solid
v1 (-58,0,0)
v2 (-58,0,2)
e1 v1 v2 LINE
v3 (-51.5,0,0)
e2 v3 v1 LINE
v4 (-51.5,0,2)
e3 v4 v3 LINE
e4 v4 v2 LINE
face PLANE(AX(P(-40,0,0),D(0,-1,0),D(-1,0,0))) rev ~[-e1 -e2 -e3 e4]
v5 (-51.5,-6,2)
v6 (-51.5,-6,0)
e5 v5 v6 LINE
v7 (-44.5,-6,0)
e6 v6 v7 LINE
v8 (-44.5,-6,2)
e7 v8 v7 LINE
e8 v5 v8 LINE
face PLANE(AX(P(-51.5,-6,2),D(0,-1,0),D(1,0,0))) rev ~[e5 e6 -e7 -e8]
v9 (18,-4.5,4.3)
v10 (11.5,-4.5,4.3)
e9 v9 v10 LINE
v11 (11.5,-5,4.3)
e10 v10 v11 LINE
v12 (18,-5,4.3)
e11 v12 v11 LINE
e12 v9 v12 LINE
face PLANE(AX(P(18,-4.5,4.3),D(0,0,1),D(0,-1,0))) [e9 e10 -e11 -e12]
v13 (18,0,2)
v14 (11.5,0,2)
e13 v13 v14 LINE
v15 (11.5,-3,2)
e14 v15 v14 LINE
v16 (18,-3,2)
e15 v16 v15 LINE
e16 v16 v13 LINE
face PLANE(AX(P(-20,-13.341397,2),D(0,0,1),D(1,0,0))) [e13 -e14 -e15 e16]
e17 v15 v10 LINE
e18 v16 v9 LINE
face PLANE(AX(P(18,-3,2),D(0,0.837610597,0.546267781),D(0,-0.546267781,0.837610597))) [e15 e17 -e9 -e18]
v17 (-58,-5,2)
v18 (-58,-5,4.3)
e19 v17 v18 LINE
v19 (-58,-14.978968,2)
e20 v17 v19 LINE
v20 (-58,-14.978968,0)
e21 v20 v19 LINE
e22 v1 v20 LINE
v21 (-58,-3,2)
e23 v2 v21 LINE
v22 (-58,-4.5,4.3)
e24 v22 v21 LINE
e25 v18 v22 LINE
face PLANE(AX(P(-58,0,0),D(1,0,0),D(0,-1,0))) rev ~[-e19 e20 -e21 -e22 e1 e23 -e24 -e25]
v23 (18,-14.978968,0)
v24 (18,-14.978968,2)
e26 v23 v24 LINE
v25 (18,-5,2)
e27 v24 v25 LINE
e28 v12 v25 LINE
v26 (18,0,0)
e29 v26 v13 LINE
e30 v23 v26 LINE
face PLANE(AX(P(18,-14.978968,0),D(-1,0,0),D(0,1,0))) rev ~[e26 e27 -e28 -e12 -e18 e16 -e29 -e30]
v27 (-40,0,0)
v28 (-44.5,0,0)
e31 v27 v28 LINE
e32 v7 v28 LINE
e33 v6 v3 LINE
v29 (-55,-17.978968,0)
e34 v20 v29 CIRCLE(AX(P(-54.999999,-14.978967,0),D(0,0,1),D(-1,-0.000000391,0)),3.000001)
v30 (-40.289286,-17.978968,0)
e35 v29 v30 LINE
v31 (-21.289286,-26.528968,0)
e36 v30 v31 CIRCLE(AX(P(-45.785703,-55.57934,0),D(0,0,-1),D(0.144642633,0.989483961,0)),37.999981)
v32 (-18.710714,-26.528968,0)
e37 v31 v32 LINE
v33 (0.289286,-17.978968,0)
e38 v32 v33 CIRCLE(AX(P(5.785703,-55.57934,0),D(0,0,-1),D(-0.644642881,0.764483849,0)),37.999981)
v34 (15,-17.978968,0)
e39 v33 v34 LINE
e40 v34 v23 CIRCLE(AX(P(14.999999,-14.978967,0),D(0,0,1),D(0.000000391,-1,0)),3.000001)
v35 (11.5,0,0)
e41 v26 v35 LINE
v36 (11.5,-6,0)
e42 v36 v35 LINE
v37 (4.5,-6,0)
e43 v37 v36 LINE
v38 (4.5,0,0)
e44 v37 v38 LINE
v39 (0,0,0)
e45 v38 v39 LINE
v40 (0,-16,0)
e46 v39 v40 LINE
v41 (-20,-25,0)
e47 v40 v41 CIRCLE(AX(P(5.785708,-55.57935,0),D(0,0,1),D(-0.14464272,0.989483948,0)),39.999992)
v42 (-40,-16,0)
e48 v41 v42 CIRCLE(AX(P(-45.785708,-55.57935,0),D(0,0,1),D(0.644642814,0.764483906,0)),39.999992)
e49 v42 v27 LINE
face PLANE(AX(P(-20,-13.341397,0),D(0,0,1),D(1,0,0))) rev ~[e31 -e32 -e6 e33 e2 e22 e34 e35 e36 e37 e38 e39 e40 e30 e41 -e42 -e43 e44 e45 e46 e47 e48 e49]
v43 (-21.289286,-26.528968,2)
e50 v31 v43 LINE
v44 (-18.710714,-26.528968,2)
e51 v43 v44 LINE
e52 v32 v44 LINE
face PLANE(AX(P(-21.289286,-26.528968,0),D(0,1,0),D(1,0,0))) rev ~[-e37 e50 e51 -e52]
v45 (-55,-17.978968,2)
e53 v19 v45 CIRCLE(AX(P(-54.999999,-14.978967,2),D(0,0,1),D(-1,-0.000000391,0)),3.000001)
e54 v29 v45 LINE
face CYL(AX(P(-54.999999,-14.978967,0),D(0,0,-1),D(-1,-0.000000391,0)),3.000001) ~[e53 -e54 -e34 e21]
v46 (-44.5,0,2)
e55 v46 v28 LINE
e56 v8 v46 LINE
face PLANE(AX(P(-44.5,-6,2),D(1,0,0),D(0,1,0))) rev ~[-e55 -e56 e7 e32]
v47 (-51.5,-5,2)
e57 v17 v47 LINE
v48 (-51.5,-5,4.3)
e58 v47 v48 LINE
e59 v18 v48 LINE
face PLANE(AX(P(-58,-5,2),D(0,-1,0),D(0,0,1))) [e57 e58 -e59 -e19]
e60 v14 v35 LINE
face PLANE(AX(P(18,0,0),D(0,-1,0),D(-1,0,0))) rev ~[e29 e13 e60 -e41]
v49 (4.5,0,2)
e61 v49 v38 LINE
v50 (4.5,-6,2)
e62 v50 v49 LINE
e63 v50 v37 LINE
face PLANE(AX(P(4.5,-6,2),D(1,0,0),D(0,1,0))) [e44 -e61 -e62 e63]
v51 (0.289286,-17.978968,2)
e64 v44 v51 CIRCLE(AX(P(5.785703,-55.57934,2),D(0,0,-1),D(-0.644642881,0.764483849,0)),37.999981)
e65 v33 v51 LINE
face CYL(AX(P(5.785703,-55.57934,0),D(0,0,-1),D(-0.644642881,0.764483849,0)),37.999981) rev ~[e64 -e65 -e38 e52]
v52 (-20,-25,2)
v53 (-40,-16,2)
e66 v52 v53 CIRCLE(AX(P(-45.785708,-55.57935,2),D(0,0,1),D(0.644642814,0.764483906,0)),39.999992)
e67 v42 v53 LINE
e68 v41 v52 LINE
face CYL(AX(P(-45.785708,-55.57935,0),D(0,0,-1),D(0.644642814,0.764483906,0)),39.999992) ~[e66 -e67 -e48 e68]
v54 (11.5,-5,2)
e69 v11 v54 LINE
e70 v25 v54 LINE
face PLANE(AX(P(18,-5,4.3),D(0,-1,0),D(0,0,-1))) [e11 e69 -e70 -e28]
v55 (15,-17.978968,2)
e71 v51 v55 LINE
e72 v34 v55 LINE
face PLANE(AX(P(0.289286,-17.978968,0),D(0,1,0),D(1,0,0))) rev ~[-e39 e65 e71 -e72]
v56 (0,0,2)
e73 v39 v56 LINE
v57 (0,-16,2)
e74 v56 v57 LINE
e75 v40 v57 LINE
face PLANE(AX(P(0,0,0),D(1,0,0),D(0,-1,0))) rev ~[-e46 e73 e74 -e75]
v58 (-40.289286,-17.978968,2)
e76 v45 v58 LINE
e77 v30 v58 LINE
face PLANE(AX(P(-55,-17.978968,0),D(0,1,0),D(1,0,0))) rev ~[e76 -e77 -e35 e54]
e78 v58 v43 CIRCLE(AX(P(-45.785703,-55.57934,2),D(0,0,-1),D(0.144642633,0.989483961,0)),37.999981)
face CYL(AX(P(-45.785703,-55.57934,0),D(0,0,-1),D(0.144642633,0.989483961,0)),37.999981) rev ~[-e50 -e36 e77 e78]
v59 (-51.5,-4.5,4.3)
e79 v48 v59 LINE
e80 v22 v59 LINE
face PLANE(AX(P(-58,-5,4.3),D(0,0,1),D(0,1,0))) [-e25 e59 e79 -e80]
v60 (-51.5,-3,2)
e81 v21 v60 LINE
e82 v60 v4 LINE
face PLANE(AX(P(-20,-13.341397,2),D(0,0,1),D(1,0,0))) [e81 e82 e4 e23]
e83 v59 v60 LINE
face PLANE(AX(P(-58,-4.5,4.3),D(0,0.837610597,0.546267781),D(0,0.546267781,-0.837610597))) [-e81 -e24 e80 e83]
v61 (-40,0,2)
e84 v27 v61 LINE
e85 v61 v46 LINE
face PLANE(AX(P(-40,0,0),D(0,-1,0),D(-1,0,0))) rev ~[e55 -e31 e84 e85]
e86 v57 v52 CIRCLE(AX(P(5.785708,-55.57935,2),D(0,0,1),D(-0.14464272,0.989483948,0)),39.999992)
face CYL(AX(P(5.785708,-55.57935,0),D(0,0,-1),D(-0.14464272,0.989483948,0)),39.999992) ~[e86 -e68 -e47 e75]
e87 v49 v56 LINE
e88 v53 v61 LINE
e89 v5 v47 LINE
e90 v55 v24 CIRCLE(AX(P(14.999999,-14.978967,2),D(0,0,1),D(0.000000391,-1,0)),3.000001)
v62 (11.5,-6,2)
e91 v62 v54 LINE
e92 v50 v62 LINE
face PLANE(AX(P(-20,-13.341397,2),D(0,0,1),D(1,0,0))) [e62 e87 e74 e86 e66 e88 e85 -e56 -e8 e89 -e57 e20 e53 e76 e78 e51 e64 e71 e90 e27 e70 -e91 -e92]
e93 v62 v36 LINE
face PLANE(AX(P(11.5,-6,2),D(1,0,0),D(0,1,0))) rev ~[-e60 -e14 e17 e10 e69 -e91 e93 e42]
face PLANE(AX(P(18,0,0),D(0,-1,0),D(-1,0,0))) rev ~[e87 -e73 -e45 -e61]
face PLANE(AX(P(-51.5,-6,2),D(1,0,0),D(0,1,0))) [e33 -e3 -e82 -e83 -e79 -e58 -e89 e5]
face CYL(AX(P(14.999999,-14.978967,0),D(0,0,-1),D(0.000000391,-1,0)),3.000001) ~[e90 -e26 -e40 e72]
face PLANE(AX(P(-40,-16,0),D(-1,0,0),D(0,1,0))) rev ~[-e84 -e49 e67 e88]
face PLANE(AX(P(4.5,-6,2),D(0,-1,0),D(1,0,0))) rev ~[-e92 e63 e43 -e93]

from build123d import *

# Parameters (mm, degrees)
F1_DEPTH = 2
F2_W     = 7
F2_H     = 6
F3_DEPTH = 2
F5_DEPTH = 6.5
F7_DEPTH = 6.5


with BuildPart() as f1:
    # F0 (on Top) → F1 (new body)
    with BuildSketch(Plane.XY):
        with BuildLine():
            Line((-40, -16), (-40, 0))
            Line((-40, 0), (-58, 0))
            Line((-58, 0), (-58, -14.978968))
            ThreePointArc((-58, -14.978968), (-57.12132, -17.100288), (-55, -17.978968))
            Line((-55, -17.978968), (-40.289286, -17.978968))
            ThreePointArc((-40.289286, -17.978968), (-30.191853, -20.92634), (-21.289286, -26.528968))
            Line((-21.289286, -26.528968), (-18.710714, -26.528968))
            ThreePointArc((-18.710714, -26.528968), (-9.808147, -20.92634), (0.289286, -17.978968))
            Line((0.289286, -17.978968), (15, -17.978968))
            ThreePointArc((15, -17.978968), (17.12132, -17.100288), (18, -14.978968))
            Line((18, -14.978968), (18, 0))
            Line((18, 0), (0, 0))
            Line((0, 0), (0, -16))
            ThreePointArc((0, -16), (-10.628876, -19.102497), (-20, -25))
            ThreePointArc((-20, -25), (-29.371124, -19.102497), (-40, -16))
        make_face()
    extrude(amount=F1_DEPTH)

    # F2 (on face) → F3 (cut, through all)
    with BuildSketch(Plane.XY.offset(2)):
        with Locations((-48, -3)):
            Rectangle(F2_W, F2_H)
        with Locations((8, -3)):
            Rectangle(F2_W, F2_H)
    extrude(amount=-F3_DEPTH, mode=Mode.SUBTRACT)

    # F4 (on face) → F5 (join, through all)
    with BuildSketch(Plane(origin=(-58, 0, 0), x_dir=(0, -1, 0), z_dir=(-1, 0, 0))):
        Polygon((4.5, 4.3), (3, 2), (5, 2), (5, 4.3), align=None)
    extrude(amount=-F5_DEPTH)

    # F6 (on face) → F7 (join, through all)
    with BuildSketch(Plane.YZ.offset(18)):
        Polygon((-3, 2), (-4.5, 4.3), (-5, 4.3), (-5, 2), align=None)
    extrude(amount=-F7_DEPTH)


solid = f1.part
